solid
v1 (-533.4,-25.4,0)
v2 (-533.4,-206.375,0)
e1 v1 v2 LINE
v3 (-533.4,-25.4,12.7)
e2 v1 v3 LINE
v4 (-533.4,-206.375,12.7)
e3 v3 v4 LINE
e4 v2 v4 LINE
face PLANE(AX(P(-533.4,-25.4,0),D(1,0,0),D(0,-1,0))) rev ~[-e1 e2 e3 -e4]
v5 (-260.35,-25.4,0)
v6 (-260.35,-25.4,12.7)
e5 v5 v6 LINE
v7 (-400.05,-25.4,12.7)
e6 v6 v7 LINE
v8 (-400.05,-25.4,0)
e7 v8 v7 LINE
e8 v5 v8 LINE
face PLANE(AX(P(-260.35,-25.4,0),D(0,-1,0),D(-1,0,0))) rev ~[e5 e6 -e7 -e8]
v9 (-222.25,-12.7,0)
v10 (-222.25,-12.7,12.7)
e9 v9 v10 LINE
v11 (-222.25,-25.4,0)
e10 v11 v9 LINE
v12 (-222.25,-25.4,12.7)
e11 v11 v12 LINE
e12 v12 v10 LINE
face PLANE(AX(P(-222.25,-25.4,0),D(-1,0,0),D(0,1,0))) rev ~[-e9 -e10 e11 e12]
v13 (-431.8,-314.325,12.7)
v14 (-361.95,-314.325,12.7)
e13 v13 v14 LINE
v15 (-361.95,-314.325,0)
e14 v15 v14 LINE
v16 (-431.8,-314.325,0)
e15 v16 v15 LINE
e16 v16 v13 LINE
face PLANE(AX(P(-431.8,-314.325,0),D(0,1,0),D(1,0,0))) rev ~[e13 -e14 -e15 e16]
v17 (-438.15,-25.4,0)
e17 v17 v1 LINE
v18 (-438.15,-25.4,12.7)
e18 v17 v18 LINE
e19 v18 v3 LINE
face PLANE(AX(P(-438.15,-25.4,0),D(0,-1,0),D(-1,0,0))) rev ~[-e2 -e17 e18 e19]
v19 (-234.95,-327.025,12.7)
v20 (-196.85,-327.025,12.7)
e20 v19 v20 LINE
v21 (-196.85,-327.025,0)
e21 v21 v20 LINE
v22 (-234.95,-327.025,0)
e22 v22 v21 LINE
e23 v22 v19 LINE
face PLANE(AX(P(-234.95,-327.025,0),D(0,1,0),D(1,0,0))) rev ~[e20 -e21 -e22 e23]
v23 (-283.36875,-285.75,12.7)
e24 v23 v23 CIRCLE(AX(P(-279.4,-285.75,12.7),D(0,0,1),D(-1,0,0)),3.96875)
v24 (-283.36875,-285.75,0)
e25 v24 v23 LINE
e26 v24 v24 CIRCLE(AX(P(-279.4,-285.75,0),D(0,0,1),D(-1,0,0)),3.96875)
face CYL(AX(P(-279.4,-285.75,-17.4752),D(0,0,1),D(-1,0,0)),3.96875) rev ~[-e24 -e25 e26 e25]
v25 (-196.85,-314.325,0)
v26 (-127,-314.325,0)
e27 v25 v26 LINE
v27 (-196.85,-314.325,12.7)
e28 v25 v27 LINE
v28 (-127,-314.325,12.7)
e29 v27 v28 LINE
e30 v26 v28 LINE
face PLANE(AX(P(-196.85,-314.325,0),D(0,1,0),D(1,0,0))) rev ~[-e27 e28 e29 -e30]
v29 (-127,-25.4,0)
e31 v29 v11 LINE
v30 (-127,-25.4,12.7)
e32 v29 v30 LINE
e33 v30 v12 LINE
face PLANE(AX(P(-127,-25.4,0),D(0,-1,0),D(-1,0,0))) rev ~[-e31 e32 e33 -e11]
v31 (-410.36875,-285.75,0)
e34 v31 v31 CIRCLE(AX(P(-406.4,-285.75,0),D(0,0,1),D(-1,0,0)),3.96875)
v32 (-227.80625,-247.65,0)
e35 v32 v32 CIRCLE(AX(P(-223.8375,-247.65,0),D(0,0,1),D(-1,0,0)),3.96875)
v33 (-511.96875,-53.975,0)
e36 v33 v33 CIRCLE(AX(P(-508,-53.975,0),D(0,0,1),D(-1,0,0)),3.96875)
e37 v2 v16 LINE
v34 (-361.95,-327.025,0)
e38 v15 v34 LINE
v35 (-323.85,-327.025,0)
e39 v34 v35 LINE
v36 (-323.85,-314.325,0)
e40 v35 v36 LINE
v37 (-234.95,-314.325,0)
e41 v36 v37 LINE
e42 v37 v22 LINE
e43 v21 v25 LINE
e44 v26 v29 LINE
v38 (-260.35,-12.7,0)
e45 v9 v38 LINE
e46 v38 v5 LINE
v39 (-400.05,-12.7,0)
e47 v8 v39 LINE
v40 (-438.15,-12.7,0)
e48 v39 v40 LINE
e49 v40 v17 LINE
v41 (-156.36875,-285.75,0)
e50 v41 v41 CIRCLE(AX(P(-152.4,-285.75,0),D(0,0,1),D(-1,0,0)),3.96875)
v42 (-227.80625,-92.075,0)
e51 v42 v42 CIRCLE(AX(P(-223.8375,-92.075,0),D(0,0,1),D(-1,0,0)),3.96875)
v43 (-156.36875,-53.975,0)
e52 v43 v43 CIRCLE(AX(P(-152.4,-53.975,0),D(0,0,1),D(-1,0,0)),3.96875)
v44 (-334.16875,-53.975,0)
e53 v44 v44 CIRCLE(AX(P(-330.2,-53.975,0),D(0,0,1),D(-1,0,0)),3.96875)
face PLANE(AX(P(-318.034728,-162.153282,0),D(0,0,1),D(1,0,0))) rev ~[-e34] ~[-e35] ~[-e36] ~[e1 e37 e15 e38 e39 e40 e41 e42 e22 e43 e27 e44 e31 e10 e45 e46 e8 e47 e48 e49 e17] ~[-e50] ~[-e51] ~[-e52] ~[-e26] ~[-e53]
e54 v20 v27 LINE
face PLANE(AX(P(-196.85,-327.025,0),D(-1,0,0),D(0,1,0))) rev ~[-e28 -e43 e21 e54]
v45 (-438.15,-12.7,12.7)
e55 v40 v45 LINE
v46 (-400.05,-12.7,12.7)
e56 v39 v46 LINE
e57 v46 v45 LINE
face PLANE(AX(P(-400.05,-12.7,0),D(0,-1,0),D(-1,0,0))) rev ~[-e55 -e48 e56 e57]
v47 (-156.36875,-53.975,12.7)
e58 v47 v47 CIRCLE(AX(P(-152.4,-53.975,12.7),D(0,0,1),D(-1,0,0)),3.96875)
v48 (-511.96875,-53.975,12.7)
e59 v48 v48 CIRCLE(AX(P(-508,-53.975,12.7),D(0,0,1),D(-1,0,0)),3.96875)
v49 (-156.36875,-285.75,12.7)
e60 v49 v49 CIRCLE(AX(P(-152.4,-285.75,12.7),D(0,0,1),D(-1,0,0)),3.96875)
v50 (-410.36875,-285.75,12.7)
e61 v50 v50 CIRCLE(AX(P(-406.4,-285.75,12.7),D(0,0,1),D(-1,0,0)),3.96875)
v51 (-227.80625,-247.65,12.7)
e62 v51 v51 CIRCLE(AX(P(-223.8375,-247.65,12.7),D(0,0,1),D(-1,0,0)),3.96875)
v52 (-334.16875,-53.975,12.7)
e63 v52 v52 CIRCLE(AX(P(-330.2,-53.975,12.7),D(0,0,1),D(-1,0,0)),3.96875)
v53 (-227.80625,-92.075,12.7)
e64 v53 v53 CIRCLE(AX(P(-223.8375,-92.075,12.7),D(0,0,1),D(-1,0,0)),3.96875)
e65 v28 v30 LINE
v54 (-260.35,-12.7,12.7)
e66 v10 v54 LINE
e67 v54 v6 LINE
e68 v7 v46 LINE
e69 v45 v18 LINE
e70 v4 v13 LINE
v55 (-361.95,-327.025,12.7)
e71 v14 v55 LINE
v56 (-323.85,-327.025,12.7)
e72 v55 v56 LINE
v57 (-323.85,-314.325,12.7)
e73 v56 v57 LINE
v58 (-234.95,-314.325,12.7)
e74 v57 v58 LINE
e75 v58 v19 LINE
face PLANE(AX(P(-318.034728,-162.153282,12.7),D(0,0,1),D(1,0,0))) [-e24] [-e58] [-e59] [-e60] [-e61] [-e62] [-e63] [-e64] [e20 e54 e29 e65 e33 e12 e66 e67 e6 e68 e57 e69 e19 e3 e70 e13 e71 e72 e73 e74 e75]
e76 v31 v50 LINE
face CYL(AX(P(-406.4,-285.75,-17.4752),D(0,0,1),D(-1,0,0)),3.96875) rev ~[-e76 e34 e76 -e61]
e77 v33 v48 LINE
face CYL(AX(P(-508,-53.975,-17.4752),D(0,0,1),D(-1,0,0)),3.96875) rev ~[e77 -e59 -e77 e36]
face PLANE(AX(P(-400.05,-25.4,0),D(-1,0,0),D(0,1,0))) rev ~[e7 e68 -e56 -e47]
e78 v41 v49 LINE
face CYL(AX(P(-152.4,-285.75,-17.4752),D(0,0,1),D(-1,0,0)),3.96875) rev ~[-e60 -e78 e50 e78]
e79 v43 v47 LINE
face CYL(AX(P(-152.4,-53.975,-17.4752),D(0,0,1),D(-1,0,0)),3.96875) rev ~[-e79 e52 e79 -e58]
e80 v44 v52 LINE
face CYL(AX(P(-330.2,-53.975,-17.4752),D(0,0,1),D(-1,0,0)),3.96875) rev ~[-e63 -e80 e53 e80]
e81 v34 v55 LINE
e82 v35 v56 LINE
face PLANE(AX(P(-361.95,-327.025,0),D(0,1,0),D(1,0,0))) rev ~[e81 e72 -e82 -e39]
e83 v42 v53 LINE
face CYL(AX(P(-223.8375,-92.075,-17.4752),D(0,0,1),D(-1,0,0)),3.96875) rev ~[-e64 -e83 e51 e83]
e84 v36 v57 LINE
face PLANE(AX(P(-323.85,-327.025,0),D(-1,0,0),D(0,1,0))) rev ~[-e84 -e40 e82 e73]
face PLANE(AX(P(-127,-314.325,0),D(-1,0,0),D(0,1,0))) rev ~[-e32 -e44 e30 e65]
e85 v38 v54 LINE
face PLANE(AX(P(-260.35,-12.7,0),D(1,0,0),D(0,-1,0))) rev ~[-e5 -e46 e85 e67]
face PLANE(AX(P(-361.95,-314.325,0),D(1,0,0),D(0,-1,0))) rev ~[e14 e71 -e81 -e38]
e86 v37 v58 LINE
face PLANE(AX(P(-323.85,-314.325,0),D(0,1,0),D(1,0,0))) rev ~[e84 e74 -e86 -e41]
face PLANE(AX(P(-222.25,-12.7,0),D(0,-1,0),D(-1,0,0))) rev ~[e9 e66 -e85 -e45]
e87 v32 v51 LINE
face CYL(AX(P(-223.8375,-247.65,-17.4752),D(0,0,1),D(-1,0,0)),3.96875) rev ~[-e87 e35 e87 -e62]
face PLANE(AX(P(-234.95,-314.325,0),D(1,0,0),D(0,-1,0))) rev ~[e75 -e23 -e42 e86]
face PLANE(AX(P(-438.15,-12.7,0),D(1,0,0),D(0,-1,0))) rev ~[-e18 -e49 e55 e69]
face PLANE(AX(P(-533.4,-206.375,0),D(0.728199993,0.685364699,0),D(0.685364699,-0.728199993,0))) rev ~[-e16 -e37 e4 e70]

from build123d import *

# Parameters (mm, degrees)
F1_DEPTH = 12.7
F2_D     = 7.9375
F2_DEPTH = 17.4752
F2_TIP   = 2.3846655818


with BuildPart() as f1:
    # F0 (on Top) → F1 (new body)
    with BuildSketch(Plane.XY):
        Polygon((-127, -314.325), (-127, -25.4), (-222.25, -25.4), (-222.25, -12.7), (-260.35, -12.7), (-260.35, -25.4), (-400.05, -25.4), (-400.05, -12.7), (-438.15, -12.7), (-438.15, -25.4), (-533.4, -25.4), (-533.4, -206.375), (-431.8, -314.325), (-361.95, -314.325), (-361.95, -327.025), (-323.85, -327.025), (-323.85, -314.325), (-234.95, -314.325), (-234.95, -327.025), (-196.85, -327.025), (-196.85, -314.325), align=None)
    extrude(amount=F1_DEPTH)

    # F2
    with Locations(Plane(origin=(0, 0, 0), x_dir=(1, 0, 0), z_dir=(0, 0, -1))):
        with Locations((-406.4, 285.75), (-223.8375, 247.65), (-152.4, 285.75), (-279.4, 285.75), (-223.8375, 92.075), (-152.4, 53.975), (-330.2, 53.975), (-508, 53.975)):
            Hole(F2_D / 2, depth=F2_DEPTH)
            with Locations((0, 0, -(F2_DEPTH + F2_TIP / 2))):  # 118° drill point
                Cone(0, F2_D / 2, F2_TIP, mode=Mode.SUBTRACT)


solid = f1.part
